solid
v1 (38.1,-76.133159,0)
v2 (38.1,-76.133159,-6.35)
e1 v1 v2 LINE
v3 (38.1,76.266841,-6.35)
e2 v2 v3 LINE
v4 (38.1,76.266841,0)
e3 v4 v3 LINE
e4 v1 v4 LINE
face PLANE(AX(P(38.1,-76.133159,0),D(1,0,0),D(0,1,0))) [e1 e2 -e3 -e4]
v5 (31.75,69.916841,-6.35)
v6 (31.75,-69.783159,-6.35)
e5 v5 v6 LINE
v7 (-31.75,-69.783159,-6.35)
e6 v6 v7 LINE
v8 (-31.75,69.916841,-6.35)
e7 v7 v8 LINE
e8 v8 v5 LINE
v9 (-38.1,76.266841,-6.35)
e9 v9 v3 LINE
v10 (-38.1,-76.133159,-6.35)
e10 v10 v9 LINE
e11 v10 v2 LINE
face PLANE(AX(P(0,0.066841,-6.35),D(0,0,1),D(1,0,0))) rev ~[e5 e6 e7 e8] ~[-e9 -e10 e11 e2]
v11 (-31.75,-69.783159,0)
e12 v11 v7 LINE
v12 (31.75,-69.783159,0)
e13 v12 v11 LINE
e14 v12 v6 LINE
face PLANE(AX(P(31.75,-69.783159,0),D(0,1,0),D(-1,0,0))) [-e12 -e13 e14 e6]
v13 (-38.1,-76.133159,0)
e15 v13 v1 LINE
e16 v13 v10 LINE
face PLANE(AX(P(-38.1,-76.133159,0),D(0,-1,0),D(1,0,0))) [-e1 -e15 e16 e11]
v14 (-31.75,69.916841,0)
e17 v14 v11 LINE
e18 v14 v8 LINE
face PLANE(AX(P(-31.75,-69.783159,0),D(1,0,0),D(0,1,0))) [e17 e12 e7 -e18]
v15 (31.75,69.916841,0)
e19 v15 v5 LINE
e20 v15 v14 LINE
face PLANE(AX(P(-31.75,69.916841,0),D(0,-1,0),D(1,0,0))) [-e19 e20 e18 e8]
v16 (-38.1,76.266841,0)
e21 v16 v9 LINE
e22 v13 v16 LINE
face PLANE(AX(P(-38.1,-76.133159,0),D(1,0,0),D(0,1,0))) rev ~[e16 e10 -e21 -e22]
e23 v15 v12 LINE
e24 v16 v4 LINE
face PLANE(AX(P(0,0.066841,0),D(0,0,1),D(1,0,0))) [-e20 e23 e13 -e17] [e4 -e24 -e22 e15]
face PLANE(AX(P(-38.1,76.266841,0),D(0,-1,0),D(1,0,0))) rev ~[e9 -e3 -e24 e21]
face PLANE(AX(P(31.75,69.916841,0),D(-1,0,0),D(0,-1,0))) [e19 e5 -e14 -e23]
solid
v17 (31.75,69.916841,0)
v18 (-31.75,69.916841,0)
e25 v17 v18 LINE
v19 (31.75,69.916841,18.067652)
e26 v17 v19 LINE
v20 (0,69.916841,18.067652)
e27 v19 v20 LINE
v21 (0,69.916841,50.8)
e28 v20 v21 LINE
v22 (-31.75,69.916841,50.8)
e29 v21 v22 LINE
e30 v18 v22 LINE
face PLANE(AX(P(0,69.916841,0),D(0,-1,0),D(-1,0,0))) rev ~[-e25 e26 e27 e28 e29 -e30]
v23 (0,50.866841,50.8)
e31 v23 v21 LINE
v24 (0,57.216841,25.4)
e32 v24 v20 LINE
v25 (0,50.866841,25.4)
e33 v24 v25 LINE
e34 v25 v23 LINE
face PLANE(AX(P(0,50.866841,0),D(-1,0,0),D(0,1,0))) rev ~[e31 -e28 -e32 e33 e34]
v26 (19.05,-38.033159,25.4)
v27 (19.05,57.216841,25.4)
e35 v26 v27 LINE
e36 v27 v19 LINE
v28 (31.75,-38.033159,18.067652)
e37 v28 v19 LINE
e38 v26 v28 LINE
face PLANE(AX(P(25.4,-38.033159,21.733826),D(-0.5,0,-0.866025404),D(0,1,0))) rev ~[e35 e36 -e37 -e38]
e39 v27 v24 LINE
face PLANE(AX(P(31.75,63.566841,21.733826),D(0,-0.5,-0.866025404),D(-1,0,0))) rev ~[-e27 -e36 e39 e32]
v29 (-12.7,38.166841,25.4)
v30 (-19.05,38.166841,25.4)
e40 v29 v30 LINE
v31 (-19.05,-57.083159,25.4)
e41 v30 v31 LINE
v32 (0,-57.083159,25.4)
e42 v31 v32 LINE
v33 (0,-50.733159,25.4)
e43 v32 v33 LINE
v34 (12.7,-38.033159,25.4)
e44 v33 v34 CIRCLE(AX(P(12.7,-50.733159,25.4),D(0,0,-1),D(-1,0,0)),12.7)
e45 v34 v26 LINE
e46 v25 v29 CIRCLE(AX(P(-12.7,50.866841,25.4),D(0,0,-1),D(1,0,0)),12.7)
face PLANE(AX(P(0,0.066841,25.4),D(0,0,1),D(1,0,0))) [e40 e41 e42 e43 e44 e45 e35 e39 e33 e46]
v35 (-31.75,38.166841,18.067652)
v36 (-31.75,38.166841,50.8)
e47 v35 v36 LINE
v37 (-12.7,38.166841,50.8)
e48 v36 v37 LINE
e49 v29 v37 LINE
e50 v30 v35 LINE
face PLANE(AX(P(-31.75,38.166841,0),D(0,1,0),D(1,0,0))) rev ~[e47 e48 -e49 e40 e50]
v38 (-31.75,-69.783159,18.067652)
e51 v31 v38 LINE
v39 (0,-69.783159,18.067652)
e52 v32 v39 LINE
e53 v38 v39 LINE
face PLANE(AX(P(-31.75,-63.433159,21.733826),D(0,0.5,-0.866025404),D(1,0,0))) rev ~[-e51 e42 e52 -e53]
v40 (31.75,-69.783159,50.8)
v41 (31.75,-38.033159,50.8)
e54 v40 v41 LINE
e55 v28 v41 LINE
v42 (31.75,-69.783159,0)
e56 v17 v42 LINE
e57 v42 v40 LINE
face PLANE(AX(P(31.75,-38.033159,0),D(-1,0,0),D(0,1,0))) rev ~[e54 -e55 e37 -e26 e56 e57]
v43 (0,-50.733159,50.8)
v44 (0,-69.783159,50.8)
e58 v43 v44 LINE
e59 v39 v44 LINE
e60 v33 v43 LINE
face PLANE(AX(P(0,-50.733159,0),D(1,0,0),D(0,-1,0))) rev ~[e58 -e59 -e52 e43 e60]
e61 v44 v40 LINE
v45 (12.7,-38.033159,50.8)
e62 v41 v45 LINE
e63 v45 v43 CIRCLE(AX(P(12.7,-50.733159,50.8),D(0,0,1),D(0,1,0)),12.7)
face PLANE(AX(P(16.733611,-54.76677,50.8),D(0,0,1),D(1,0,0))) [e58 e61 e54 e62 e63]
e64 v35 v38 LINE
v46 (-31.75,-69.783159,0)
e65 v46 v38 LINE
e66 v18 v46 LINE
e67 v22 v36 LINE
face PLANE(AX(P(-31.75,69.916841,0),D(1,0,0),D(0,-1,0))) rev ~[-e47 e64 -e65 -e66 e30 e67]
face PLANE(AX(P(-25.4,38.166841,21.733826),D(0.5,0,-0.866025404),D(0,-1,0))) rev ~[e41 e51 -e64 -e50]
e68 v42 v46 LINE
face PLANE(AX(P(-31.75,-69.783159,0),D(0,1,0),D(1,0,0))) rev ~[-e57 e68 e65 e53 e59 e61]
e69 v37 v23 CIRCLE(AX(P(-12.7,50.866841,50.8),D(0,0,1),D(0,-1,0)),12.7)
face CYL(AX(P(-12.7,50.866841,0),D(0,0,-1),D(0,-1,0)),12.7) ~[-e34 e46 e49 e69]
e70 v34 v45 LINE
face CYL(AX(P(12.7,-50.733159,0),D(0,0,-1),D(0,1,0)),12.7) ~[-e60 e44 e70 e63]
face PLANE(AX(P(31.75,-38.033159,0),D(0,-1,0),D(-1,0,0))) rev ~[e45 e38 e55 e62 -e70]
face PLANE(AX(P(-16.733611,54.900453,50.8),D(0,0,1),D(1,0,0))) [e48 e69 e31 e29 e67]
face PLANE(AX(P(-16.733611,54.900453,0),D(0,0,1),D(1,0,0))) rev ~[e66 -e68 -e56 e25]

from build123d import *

# Parameters (mm, degrees)
F0_W     = 76.2
F0_H     = 152.4
F1_DEPTH = 6.35
F2_DEPTH = 25.4
F3_SIZE2 = 7.3323484187
F3_SIZE  = 12.7
F4_DEPTH = 50.8


with BuildPart() as f1:
    # F0 (on Top) → F1 (new body)
    with BuildSketch(Plane.XY):
        with Locations((0, 0.0668413997)):
            Rectangle(F0_W, F0_H)
        Polygon((-31.75, 38.1668413997), (-31.75, 69.9168413997), (0, 69.9168413997), (31.75, 69.9168413997), (31.75, -38.0331586003), (31.75, -69.7831586003), (0, -69.7831586003), (-31.75, -69.7831586003), align=None, mode=Mode.SUBTRACT)
    extrude(amount=-F1_DEPTH)



with BuildPart() as f2:
    # F0 (on Top) → F2 (new body)
    with BuildSketch(Plane.XY):
        with BuildLine():
            Line((31.75, 69.9168413997), (0, 69.9168413997))
            Line((0, 69.9168413997), (0, 50.8668413997))
            ThreePointArc((0, 50.8668413997), (-3.7197438789, 41.8865852786), (-12.7, 38.1668413997))
            Line((-12.7, 38.1668413997), (-31.75, 38.1668413997))
            Line((-31.75, 38.1668413997), (-31.75, -69.7831586003))
            Line((-31.75, -69.7831586003), (0, -69.7831586003))
            Line((0, -69.7831586003), (0, -50.7331586003))
            ThreePointArc((0, -50.7331586003), (3.7197438789, -41.7529024793), (12.7, -38.0331586003))
            Line((12.7, -38.0331586003), (31.75, -38.0331586003))
            Line((31.75, -38.0331586003), (31.75, 69.9168413997))
        make_face()
    extrude(amount=F2_DEPTH)

    # F3
    f3_edges = [f2.edges().sort_by_distance(p)[0] for p in [
        (-15.875, -69.783159, 25.4),
        (-31.75, -15.808159, 25.4),
        (31.75, 15.941841, 25.4),
        (15.875, 69.916841, 25.4),
    ]]
    f3_side = f2.faces().sort_by_distance((0, 0.066841, 25.4))[0]
    chamfer(f3_edges, length=F3_SIZE, length2=F3_SIZE2, reference=f3_side)


with BuildPart() as f1_1:
    add(f1.part)

    add(f2.part)  # F4 merges F2
    # F0 (on Top) → F4 (join)
    with BuildSketch(Plane.XY):
        with BuildLine():
            Line((0, 69.9168413997), (-31.75, 69.9168413997))
            Line((-31.75, 69.9168413997), (-31.75, 38.1668413997))
            Line((-31.75, 38.1668413997), (-12.7, 38.1668413997))
            ThreePointArc((-12.7, 38.1668413997), (-3.7197438789, 41.8865852786), (0, 50.8668413997))
            Line((0, 50.8668413997), (0, 69.9168413997))
        make_face()
        with BuildLine():
            Line((31.75, -69.7831586003), (31.75, -38.0331586003))
            Line((31.75, -38.0331586003), (12.7, -38.0331586003))
            ThreePointArc((12.7, -38.0331586003), (3.7197438789, -41.7529024793), (0, -50.7331586003))
            Line((0, -50.7331586003), (0, -69.7831586003))
            Line((0, -69.7831586003), (31.75, -69.7831586003))
        make_face()
    extrude(amount=F4_DEPTH)


solid = f1_1.part
